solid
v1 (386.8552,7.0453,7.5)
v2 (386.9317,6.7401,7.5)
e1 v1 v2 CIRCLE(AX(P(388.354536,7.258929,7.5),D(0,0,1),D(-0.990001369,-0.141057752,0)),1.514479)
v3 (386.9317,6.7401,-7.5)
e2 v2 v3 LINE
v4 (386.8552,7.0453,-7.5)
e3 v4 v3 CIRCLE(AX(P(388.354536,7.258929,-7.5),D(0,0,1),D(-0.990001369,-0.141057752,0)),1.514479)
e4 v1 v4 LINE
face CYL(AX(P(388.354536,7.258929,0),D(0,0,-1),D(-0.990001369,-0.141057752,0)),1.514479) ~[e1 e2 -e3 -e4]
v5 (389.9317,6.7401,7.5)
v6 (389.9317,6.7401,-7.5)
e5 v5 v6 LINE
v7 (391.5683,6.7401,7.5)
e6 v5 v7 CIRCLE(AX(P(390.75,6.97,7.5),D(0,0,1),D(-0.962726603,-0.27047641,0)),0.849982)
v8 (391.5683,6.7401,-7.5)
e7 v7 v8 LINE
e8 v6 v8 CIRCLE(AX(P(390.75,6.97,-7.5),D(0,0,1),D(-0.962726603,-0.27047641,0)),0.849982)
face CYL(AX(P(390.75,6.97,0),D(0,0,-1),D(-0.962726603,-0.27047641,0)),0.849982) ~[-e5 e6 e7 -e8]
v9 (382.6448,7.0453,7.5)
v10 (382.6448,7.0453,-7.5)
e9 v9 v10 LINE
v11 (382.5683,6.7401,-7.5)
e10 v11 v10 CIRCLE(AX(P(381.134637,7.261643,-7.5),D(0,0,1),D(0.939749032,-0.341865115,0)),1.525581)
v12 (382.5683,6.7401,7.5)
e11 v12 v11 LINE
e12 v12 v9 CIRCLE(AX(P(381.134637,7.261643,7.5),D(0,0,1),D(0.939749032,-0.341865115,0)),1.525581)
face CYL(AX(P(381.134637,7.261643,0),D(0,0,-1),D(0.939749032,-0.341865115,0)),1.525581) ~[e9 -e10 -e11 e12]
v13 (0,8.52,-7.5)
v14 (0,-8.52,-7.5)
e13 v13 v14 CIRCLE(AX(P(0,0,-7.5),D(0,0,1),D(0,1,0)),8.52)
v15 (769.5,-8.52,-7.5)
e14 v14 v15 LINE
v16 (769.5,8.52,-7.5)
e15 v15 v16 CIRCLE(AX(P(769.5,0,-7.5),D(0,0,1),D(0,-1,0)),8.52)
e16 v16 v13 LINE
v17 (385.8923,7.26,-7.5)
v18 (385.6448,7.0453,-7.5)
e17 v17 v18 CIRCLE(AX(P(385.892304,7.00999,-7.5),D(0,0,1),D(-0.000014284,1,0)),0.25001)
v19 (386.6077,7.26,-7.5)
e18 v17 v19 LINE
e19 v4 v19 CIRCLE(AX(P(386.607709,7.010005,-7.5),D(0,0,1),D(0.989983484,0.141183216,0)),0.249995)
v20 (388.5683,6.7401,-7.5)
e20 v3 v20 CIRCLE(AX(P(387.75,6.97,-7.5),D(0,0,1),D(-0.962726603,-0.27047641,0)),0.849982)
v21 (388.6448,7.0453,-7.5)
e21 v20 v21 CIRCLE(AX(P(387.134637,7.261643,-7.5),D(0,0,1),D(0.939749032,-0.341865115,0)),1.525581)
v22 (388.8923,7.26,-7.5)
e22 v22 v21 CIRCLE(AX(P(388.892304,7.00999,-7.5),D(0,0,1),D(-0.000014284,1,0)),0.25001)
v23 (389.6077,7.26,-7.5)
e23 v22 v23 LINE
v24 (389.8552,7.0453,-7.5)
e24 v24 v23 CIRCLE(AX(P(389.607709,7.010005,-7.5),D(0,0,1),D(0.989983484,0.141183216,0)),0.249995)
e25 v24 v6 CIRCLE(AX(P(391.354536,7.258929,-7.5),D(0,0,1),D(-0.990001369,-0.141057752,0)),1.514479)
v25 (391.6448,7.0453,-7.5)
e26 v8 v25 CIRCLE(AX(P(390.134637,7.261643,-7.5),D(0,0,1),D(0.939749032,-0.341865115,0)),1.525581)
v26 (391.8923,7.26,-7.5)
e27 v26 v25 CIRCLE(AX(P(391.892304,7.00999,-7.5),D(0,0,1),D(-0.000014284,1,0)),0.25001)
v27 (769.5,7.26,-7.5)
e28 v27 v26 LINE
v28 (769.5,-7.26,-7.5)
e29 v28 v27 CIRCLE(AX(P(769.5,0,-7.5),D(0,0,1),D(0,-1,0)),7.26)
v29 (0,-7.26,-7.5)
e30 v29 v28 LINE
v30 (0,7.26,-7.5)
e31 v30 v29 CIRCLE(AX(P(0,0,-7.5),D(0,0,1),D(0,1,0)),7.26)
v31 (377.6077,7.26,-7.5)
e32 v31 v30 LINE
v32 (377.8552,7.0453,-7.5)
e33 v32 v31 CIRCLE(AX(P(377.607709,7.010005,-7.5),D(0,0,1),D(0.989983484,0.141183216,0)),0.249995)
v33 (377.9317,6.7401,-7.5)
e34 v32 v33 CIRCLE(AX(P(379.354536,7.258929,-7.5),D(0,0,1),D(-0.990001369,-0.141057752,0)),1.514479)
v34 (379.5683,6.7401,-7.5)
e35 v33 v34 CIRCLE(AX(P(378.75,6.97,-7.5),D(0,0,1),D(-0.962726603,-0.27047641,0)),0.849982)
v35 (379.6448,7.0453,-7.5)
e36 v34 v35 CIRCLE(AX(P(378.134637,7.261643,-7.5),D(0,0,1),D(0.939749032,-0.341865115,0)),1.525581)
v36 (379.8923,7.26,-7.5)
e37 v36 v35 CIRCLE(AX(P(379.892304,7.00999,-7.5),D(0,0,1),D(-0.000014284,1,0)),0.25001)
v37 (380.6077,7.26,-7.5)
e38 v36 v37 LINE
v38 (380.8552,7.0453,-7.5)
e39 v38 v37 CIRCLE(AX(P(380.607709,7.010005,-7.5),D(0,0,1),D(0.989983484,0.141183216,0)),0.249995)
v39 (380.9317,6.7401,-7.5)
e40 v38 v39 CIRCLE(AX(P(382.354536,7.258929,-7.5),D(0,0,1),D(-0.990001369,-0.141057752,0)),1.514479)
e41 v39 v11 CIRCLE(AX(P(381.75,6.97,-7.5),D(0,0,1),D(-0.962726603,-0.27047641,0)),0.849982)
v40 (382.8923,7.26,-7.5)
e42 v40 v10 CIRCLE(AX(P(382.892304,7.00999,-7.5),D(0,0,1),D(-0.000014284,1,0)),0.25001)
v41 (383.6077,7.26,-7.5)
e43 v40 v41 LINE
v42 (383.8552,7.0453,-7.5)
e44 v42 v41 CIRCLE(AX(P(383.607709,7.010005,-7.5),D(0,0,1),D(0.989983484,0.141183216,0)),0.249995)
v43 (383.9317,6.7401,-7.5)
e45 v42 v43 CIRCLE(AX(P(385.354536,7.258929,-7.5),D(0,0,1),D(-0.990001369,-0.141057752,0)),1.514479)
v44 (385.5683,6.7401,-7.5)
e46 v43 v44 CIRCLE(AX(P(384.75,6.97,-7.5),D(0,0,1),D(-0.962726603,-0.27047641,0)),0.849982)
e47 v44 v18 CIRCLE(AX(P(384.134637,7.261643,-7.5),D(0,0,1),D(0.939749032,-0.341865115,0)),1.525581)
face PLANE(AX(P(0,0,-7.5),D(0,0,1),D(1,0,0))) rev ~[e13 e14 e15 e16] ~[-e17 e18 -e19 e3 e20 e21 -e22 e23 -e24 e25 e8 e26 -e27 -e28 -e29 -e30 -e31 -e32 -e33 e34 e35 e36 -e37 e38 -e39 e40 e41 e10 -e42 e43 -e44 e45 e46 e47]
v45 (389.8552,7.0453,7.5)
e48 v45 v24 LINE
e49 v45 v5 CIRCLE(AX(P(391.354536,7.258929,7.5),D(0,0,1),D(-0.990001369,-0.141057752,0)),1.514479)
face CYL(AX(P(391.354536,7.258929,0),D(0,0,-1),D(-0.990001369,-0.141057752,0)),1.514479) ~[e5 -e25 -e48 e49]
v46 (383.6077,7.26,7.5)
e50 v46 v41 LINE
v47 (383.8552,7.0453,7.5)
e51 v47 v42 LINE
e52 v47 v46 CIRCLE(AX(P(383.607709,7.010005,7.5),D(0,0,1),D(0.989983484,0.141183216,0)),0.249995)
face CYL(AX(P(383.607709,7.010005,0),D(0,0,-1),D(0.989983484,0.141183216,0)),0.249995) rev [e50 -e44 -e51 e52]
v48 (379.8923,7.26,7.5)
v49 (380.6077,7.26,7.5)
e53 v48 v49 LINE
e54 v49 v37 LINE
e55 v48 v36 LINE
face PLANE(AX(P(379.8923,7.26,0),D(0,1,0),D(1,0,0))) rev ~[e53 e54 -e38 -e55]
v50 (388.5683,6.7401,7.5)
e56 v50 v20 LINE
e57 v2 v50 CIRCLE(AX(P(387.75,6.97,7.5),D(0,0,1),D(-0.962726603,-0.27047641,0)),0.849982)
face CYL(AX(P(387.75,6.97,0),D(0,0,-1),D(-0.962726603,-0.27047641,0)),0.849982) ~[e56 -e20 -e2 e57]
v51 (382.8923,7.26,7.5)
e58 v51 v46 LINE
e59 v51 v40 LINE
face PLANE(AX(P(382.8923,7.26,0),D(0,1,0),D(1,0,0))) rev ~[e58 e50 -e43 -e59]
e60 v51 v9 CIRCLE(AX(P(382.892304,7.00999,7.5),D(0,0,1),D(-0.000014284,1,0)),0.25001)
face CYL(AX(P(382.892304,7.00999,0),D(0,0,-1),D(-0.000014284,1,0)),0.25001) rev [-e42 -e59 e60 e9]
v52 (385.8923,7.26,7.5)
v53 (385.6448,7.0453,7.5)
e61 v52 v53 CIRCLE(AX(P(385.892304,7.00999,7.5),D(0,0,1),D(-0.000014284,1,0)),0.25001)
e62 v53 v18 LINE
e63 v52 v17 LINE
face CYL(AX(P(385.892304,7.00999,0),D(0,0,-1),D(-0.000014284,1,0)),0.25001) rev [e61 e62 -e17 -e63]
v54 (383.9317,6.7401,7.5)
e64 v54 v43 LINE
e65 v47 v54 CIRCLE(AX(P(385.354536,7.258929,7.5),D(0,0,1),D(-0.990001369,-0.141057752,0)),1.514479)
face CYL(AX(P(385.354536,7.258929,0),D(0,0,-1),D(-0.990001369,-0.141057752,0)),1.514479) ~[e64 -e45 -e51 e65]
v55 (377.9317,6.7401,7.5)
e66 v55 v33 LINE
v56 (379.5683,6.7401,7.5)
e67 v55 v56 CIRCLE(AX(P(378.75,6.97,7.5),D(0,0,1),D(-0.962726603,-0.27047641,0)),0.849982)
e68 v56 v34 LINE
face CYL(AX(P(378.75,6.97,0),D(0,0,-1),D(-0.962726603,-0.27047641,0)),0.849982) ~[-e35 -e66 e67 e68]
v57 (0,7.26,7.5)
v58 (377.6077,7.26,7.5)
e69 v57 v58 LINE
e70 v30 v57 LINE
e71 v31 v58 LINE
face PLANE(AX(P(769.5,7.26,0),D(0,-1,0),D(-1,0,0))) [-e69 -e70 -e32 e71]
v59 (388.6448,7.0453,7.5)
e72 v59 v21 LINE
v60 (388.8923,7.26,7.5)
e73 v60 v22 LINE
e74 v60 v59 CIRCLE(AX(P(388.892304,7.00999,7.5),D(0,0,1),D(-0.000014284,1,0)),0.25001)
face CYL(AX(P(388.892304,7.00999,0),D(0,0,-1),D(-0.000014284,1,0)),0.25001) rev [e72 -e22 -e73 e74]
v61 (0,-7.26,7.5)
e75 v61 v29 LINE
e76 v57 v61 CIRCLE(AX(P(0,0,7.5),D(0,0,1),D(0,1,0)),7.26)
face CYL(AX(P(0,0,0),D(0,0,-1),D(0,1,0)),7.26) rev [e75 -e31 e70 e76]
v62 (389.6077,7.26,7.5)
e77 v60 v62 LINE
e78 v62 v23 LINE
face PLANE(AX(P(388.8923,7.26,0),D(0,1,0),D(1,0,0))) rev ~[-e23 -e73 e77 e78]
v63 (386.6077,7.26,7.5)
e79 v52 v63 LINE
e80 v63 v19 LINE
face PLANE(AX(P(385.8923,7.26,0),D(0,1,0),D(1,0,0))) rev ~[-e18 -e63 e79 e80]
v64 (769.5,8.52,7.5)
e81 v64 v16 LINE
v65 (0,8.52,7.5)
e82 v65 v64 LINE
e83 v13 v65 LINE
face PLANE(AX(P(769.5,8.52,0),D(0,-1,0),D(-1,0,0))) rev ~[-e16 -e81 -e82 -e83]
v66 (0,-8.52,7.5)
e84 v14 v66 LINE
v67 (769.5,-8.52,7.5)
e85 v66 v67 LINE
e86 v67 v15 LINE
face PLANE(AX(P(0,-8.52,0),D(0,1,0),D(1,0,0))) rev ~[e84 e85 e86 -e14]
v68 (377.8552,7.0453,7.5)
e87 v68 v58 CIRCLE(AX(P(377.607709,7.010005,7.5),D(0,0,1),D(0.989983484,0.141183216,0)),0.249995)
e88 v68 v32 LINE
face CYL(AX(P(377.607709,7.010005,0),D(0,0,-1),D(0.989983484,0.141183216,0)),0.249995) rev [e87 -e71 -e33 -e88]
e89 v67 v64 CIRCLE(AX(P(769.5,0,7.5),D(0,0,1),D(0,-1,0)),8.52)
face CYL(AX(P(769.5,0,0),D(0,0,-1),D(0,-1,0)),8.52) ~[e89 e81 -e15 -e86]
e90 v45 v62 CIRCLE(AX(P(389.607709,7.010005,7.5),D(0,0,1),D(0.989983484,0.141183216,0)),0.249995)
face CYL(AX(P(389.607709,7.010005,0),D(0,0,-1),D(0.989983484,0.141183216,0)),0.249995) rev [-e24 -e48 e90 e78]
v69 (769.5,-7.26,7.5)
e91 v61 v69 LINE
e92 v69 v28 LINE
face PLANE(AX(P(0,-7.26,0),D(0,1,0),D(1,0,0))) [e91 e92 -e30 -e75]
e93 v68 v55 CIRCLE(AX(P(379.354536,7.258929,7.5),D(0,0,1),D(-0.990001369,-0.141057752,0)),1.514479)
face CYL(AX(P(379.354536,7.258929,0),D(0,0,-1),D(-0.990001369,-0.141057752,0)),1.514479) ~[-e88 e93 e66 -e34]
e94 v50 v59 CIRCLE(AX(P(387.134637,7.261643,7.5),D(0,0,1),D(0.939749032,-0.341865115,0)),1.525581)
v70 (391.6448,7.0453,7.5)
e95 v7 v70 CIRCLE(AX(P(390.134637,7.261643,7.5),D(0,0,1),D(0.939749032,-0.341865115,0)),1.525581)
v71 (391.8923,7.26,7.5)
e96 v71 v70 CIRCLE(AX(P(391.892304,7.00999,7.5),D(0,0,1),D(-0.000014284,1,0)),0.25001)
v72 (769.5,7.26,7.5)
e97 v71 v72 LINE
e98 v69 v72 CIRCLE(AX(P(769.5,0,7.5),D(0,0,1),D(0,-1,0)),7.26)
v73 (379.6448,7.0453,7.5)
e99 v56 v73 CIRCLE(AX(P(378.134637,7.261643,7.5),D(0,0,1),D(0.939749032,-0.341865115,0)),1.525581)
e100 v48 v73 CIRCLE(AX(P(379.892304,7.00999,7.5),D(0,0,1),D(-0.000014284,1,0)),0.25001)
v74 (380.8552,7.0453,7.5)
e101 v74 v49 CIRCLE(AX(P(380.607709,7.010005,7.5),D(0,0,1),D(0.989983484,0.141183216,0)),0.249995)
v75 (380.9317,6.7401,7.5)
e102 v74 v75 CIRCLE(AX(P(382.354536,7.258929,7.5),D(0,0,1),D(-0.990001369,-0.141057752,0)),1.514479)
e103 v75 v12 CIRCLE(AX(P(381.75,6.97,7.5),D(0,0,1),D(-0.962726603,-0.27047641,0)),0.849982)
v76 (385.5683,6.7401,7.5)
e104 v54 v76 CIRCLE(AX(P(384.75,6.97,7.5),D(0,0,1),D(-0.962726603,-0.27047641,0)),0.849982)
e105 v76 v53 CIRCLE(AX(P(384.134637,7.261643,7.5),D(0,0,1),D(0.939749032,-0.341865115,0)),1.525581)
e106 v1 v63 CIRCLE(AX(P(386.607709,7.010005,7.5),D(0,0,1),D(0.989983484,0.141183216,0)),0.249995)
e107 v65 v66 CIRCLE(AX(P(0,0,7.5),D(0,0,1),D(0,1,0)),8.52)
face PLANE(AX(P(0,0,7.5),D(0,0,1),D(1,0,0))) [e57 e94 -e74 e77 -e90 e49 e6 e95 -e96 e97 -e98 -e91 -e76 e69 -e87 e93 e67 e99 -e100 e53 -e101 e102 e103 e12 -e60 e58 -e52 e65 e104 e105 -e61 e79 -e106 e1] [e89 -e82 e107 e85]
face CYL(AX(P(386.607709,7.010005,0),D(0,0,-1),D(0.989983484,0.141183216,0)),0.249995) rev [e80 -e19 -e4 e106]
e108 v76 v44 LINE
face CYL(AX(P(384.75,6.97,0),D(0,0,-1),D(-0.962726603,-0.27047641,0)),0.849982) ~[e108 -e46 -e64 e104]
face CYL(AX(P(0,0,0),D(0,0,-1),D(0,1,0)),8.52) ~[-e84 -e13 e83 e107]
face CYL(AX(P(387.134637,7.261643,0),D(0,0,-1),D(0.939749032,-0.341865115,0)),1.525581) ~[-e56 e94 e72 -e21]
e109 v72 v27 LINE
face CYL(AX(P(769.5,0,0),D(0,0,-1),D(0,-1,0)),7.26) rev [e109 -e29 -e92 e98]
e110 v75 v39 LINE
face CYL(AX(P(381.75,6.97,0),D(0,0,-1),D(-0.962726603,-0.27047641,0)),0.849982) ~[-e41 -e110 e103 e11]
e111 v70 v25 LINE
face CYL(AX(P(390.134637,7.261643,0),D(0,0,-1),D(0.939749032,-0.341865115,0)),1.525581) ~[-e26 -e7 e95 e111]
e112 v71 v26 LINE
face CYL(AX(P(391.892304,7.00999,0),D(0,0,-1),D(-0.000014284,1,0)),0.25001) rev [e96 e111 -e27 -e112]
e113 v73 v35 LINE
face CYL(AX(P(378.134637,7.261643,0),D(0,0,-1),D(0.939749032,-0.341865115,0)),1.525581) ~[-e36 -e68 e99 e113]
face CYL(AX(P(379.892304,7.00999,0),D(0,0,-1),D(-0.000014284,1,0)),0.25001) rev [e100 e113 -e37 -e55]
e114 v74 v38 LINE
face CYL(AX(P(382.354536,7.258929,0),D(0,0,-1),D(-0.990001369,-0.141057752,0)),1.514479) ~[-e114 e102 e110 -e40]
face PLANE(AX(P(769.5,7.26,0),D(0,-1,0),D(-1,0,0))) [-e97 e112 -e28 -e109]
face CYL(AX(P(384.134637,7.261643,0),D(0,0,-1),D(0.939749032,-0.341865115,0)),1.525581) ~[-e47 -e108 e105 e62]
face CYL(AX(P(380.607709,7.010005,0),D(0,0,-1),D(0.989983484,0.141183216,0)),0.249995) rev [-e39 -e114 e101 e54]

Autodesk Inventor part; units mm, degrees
ref_plane "YZ Plane" through (0, 0, 0) normal (1, 0, 0) x (0, 1, 0)
ref_plane "XZ Plane" through (0, 0, 0) normal (0, 1, 0) x (-1, 0, 0)
ref_plane "XY Plane" through (0, 0, 0) normal (0, 0, 1) x (1, 0, 0)
sketch "_____1" plane through (0, 0, 0) normal (0, 0, 1) x (1, 0, 0)
  arc A0 (0, 8.52) -> (0, -8.52) centre (0, 0) ccw
  line L0 (0, -8.52) -> (769.5, -8.52)
  arc A1 (769.5, -8.52) -> (769.5, 8.52) centre (769.5, 0) ccw
  line L1 (769.5, 8.52) -> (0, 8.52)
  arc A2 (0, 7.26) -> (0, -7.26) centre (0, 0) ccw
  line L2 (0, -7.26) -> (769.5, -7.26)
  arc A3 (769.5, -7.26) -> (769.5, 7.26) centre (769.5, 0) ccw
  line L3 (769.5, 7.26) -> (0, 7.26)
extrude "Extrusion1" add sketch "_____1" along normal mid plane 15
sketch "_____2" plane through (0, 0, 0) normal (0, 0, 1) x (1, 0, 0)
  line L0 (377.25, 8.52) -> (377.25, 7.26)
  line L1 (377.25, 7.26) -> (377.6077, 7.26)
  arc A0 (377.8552, 7.0453) -> (377.6077, 7.26) centre (377.6077, 7.01) ccw
  arc A1 (377.8552, 7.0453) -> (377.9317, 6.7401) centre (379.36, 7.26) ccw
  arc A2 (377.9317, 6.7401) -> (379.5683, 6.7401) centre (378.75, 6.97) ccw
  arc A3 (379.5683, 6.7401) -> (379.6448, 7.0453) centre (378.14, 7.26) ccw
  arc A4 (379.8923, 7.26) -> (379.6448, 7.0453) centre (379.8923, 7.01) ccw
  line L2 (379.8923, 7.26) -> (380.6077, 7.26)
  arc A5 (380.8552, 7.0453) -> (380.6077, 7.26) centre (380.6077, 7.01) ccw
  arc A6 (380.8552, 7.0453) -> (380.9317, 6.7401) centre (382.36, 7.26) ccw
  arc A7 (380.9317, 6.7401) -> (382.5683, 6.7401) centre (381.75, 6.97) ccw
  arc A8 (382.5683, 6.7401) -> (382.6448, 7.0453) centre (381.14, 7.26) ccw
  arc A9 (382.8923, 7.26) -> (382.6448, 7.0453) centre (382.8923, 7.01) ccw
  line L3 (382.8923, 7.26) -> (383.6077, 7.26)
  arc A10 (383.8552, 7.0453) -> (383.6077, 7.26) centre (383.6077, 7.01) ccw
  arc A11 (383.8552, 7.0453) -> (383.9317, 6.7401) centre (385.36, 7.26) ccw
  arc A12 (383.9317, 6.7401) -> (385.5683, 6.7401) centre (384.75, 6.97) ccw
  arc A13 (385.5683, 6.7401) -> (385.6448, 7.0453) centre (384.14, 7.26) ccw
  arc A14 (385.8923, 7.26) -> (385.6448, 7.0453) centre (385.8923, 7.01) ccw
  line L4 (385.8923, 7.26) -> (386.6077, 7.26)
  arc A15 (386.8552, 7.0453) -> (386.6077, 7.26) centre (386.6077, 7.01) ccw
  arc A16 (386.8552, 7.0453) -> (386.9317, 6.7401) centre (388.36, 7.26) ccw
  arc A17 (386.9317, 6.7401) -> (388.5683, 6.7401) centre (387.75, 6.97) ccw
  arc A18 (388.5683, 6.7401) -> (388.6448, 7.0453) centre (387.14, 7.26) ccw
  arc A19 (388.8923, 7.26) -> (388.6448, 7.0453) centre (388.8923, 7.01) ccw
  line L5 (388.8923, 7.26) -> (389.6077, 7.26)
  arc A20 (389.8552, 7.0453) -> (389.6077, 7.26) centre (389.6077, 7.01) ccw
  arc A21 (389.8552, 7.0453) -> (389.9317, 6.7401) centre (391.36, 7.26) ccw
  arc A22 (389.9317, 6.7401) -> (391.5683, 6.7401) centre (390.75, 6.97) ccw
  arc A23 (391.5683, 6.7401) -> (391.6448, 7.0453) centre (390.14, 7.26) ccw
  arc A24 (391.8923, 7.26) -> (391.6448, 7.0453) centre (391.8923, 7.01) ccw
  line L6 (391.8923, 7.26) -> (392.25, 7.26)
  line L7 (392.25, 7.26) -> (392.25, 8.52)
  line L8 (392.25, 8.52) -> (377.25, 8.52)
extrude "Extrusion2" add sketch "_____2" along normal mid plane 15
properties part number "GBN1587MR3-150_info-1-16-16"
